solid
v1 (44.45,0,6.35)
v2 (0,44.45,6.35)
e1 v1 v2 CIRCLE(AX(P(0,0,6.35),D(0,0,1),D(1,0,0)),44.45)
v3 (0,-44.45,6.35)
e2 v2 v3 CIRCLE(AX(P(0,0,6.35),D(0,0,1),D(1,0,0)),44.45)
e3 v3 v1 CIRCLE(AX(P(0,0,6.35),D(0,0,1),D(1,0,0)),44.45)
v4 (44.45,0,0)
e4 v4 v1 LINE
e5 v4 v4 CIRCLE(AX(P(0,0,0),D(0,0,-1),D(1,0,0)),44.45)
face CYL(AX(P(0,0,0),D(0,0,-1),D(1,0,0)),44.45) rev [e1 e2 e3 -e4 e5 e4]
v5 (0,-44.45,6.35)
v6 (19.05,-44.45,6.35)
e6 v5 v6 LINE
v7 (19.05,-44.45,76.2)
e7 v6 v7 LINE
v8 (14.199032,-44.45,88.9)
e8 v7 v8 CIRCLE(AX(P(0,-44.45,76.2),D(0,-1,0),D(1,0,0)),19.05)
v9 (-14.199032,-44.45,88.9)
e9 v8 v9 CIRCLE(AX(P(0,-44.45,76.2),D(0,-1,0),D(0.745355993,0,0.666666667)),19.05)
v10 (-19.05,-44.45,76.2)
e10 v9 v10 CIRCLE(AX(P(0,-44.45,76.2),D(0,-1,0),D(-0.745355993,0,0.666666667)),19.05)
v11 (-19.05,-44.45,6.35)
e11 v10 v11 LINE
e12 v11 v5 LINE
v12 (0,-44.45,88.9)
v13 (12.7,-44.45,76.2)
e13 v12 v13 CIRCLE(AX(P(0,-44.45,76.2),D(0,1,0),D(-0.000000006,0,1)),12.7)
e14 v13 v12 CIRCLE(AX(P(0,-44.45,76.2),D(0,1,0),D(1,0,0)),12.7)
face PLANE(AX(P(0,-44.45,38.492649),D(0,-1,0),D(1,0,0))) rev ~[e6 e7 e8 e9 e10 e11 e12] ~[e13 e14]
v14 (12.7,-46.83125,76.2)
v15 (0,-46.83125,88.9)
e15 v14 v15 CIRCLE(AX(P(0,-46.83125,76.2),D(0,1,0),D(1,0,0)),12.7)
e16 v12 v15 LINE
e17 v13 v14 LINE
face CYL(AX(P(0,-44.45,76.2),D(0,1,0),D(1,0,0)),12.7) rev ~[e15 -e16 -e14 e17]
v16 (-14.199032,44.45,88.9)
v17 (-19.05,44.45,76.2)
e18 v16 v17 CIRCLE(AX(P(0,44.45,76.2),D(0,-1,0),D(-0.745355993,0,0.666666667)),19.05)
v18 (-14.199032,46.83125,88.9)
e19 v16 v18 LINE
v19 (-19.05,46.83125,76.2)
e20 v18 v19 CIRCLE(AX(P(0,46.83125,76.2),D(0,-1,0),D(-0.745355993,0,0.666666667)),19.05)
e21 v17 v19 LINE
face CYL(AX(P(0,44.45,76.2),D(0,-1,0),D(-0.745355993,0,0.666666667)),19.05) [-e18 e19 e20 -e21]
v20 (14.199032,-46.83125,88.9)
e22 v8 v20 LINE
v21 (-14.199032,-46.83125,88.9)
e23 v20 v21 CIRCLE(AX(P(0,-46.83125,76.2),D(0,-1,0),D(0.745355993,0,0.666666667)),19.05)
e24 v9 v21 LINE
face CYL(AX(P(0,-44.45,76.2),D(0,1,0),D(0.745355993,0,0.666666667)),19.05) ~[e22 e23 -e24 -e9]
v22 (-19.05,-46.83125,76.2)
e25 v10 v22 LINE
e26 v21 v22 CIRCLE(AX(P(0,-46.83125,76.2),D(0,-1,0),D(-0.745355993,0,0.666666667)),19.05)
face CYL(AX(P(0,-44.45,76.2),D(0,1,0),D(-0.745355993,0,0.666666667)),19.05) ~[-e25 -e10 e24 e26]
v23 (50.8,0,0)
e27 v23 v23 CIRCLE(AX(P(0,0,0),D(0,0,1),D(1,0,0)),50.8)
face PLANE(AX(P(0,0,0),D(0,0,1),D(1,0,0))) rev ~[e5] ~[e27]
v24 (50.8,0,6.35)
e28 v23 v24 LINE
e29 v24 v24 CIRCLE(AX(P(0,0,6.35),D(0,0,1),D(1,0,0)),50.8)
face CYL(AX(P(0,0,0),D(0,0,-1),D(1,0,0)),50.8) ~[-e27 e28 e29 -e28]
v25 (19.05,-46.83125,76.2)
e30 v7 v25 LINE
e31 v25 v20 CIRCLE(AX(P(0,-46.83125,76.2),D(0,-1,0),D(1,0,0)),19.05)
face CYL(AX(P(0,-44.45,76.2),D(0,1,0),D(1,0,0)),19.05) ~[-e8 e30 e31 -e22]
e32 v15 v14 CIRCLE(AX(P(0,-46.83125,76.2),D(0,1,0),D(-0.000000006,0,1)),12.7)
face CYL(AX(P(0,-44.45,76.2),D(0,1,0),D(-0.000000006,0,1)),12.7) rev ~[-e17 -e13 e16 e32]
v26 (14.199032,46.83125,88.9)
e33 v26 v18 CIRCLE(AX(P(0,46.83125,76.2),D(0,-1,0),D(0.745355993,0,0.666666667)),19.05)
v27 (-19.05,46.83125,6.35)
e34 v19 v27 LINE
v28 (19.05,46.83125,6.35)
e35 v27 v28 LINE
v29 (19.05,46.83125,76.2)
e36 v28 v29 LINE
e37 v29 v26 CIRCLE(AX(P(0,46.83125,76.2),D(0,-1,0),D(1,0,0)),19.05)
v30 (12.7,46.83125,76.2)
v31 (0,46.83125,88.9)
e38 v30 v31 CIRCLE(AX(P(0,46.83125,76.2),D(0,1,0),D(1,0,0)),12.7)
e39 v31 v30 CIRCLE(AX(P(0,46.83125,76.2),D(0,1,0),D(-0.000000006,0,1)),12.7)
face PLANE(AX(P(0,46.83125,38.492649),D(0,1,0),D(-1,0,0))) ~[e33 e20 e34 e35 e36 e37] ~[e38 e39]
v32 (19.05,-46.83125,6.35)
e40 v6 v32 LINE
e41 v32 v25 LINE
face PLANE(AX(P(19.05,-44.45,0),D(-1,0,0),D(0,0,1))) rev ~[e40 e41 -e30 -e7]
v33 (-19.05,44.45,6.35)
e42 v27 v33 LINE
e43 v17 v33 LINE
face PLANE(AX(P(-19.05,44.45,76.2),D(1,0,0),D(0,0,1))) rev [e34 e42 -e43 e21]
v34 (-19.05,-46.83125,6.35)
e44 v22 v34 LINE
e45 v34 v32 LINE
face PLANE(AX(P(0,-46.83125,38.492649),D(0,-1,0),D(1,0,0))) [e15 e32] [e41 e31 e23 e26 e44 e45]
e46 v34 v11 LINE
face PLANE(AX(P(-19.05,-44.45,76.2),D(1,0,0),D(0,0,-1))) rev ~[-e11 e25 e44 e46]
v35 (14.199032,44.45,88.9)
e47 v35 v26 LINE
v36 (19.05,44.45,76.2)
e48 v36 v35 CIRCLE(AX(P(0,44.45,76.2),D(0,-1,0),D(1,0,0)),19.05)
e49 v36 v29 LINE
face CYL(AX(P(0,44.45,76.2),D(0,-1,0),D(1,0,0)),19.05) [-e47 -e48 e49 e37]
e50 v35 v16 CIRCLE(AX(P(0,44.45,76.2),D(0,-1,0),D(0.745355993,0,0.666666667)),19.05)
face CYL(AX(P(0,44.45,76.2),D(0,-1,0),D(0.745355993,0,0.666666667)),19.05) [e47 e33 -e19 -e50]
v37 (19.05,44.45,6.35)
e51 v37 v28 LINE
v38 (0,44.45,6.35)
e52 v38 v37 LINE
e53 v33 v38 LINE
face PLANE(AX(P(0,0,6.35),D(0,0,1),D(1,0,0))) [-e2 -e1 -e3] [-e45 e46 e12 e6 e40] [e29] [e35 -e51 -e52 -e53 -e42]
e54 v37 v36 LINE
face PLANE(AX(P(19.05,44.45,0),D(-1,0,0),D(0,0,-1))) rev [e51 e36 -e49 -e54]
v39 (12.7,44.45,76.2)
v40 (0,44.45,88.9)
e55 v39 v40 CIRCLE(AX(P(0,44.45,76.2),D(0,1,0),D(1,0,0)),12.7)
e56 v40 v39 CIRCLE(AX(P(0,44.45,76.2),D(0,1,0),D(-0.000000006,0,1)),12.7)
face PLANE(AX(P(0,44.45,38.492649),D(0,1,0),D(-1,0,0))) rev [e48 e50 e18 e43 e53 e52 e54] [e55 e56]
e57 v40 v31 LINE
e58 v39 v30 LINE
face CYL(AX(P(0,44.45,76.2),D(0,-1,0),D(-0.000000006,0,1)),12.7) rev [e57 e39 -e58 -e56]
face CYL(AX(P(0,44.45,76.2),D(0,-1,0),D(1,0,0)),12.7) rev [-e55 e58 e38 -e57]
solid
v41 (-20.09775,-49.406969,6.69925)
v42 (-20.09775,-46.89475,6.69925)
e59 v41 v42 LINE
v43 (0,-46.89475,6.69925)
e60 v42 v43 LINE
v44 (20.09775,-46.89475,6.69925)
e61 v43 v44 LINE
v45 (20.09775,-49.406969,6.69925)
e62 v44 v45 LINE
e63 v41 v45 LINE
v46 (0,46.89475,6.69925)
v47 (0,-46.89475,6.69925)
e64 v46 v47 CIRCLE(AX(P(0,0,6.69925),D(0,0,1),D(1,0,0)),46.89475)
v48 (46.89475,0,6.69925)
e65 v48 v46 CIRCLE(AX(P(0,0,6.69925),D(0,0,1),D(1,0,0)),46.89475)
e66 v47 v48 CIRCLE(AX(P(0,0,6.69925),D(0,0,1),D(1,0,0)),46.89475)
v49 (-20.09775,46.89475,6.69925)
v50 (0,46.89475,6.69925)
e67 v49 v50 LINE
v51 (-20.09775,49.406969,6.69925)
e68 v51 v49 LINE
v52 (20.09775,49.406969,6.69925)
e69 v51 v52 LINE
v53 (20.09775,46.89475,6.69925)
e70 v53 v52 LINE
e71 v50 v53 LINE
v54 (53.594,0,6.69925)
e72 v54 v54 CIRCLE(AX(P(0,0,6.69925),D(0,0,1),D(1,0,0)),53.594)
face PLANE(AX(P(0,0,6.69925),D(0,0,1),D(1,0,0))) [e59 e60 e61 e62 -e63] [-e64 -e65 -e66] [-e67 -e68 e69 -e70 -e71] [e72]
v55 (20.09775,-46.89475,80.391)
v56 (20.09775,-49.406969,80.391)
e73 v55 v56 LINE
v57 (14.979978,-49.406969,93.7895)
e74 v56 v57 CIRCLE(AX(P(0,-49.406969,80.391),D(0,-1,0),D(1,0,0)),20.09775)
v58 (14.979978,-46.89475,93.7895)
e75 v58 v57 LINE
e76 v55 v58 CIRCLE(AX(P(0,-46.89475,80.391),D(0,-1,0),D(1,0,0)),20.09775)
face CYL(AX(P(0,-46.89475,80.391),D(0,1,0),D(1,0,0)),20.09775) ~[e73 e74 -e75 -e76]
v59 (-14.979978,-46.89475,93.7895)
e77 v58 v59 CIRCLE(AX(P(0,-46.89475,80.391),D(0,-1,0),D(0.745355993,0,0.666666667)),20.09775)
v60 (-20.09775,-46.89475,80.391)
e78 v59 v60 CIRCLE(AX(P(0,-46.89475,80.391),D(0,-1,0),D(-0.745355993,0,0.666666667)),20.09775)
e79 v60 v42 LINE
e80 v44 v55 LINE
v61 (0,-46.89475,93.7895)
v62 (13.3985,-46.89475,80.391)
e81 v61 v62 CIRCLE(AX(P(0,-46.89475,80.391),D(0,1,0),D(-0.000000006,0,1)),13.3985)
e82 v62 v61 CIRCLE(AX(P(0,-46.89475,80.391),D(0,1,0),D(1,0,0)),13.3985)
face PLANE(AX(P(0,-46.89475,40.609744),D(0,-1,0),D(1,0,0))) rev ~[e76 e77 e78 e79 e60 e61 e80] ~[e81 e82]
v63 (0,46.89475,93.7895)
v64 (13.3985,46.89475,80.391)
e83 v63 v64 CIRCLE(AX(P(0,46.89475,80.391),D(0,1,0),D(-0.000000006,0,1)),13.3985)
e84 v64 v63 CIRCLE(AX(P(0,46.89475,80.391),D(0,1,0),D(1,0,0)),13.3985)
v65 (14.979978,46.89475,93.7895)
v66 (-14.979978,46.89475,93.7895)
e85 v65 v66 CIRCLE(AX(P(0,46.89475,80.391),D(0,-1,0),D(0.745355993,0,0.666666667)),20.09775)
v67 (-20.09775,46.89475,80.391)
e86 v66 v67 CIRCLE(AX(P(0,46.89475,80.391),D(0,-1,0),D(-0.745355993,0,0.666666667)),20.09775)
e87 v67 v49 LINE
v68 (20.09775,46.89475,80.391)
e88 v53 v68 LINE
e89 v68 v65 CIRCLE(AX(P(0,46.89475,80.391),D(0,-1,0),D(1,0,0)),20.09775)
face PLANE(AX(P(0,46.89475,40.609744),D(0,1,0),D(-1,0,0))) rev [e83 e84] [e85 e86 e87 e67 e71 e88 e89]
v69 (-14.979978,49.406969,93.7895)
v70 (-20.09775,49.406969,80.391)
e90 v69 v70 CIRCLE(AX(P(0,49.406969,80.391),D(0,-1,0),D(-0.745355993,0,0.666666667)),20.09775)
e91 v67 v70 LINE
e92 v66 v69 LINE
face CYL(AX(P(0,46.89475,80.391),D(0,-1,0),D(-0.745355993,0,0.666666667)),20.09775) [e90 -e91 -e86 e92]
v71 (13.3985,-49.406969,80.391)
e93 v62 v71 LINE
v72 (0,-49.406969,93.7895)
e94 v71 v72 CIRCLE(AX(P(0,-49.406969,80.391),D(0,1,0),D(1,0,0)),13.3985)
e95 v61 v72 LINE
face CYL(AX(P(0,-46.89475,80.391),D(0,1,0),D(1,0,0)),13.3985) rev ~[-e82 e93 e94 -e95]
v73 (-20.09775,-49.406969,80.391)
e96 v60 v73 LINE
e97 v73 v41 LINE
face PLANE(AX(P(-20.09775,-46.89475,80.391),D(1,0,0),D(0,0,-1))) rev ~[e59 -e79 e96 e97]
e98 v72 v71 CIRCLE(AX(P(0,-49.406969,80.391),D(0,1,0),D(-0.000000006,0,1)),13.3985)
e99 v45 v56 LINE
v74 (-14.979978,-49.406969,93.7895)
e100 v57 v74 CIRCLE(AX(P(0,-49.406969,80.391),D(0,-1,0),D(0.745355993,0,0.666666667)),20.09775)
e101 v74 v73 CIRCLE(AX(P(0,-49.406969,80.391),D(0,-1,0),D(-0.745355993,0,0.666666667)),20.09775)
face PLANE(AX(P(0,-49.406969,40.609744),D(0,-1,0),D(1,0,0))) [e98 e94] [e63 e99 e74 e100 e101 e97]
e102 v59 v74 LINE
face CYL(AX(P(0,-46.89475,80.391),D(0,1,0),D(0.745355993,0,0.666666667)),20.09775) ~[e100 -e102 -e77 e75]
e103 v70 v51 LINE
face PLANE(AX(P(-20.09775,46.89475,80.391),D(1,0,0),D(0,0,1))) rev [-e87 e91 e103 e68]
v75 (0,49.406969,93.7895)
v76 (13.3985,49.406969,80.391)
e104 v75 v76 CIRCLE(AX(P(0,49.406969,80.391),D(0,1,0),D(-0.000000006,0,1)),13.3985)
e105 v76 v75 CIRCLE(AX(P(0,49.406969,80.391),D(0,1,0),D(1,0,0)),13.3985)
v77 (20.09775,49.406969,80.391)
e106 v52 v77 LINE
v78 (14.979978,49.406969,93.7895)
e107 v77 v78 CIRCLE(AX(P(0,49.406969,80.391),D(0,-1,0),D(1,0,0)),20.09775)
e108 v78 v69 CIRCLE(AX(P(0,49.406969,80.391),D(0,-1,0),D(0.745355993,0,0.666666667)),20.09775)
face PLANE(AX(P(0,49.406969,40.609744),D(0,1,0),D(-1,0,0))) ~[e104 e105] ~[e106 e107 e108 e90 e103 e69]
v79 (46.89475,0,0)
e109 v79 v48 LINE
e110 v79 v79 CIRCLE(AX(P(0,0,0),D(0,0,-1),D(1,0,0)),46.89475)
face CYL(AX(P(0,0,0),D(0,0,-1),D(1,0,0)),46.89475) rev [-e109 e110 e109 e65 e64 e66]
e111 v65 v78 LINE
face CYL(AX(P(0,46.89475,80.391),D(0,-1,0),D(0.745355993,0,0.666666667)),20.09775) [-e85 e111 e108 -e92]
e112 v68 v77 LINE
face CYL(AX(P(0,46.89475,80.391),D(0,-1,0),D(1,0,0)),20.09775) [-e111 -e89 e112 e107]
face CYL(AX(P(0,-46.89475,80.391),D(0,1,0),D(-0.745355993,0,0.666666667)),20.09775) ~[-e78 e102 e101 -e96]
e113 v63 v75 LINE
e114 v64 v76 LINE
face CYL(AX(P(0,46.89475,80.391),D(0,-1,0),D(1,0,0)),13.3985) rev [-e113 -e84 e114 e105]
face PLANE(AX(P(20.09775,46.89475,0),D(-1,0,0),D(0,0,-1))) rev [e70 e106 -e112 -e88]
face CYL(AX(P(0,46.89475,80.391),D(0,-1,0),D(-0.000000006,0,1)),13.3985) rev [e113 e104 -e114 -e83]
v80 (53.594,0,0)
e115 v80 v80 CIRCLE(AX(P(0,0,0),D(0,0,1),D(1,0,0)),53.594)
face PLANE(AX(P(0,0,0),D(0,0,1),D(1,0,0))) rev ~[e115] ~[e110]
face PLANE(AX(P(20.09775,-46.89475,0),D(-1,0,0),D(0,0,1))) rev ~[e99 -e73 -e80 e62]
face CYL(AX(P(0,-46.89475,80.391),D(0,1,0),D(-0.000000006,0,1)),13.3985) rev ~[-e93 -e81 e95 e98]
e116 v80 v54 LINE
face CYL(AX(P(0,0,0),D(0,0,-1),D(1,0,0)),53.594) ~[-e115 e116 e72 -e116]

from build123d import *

# Parameters (mm, degrees)
F0_R     = 50.8
F0_R_2   = 44.45
F1_DEPTH = 6.35
F4_DEPTH = 2.38125
F6_SCALE = 1.055


with BuildPart() as f1:
    # F0 (on Top) → F1 (new body)
    with BuildSketch(Plane.XY):
        Circle(F0_R)
        Circle(F0_R_2, mode=Mode.SUBTRACT)
    extrude(amount=F1_DEPTH)

    # F3 (on offset) → F4 (join)
    with BuildSketch(Plane.XZ.offset(44.45)):
        with BuildLine():
            Line((-19.05, 76.2), (-19.05, 0))
            Line((-19.05, 0), (19.05, 0))
            Line((19.05, 0), (19.05, 76.2))
            ThreePointArc((19.05, 76.2), (0, 57.15), (-19.05, 76.2))
        make_face()
        with BuildLine():
            ThreePointArc((-14.1990316571, 88.9), (-17.7959834382, 82.9974608102), (-19.05, 76.2))
            ThreePointArc((-19.05, 76.2), (0, 57.15), (19.05, 76.2))
            ThreePointArc((19.05, 76.2), (17.7959834382, 82.9974608102), (14.1990316571, 88.9))
            Line((14.1990316571, 88.9), (-7.87e-08, 88.9))
            Line((-7.87e-08, 88.9), (-14.1990316571, 88.9))
        make_face()
        with BuildLine():
            ThreePointArc((12.7, 76.2), (-8.9802560932, 67.2197438511), (-7.87e-08, 88.9))
            ThreePointArc((-7.87e-08, 88.9), (8.9802560932, 85.1802561489), (12.7, 76.2))
        make_face(mode=Mode.SUBTRACT)
        with BuildLine():
            ThreePointArc((14.1990316571, 88.9), (0, 95.25), (-14.1990316571, 88.9))
            Line((-14.1990316571, 88.9), (-7.87e-08, 88.9))
            Line((-7.87e-08, 88.9), (14.1990316571, 88.9))
        make_face()
    extrude(amount=F4_DEPTH)

    # F5: F1 across plane


with BuildPart() as f1_1:
    add(f1.part)
    add(f1.part.mirror(Plane.XZ))


with BuildPart() as f6_1:
    # F6: copy of F1
    add(f1_1.part.scale(F6_SCALE))


solid = Compound([f1_1.part, f6_1.part])
